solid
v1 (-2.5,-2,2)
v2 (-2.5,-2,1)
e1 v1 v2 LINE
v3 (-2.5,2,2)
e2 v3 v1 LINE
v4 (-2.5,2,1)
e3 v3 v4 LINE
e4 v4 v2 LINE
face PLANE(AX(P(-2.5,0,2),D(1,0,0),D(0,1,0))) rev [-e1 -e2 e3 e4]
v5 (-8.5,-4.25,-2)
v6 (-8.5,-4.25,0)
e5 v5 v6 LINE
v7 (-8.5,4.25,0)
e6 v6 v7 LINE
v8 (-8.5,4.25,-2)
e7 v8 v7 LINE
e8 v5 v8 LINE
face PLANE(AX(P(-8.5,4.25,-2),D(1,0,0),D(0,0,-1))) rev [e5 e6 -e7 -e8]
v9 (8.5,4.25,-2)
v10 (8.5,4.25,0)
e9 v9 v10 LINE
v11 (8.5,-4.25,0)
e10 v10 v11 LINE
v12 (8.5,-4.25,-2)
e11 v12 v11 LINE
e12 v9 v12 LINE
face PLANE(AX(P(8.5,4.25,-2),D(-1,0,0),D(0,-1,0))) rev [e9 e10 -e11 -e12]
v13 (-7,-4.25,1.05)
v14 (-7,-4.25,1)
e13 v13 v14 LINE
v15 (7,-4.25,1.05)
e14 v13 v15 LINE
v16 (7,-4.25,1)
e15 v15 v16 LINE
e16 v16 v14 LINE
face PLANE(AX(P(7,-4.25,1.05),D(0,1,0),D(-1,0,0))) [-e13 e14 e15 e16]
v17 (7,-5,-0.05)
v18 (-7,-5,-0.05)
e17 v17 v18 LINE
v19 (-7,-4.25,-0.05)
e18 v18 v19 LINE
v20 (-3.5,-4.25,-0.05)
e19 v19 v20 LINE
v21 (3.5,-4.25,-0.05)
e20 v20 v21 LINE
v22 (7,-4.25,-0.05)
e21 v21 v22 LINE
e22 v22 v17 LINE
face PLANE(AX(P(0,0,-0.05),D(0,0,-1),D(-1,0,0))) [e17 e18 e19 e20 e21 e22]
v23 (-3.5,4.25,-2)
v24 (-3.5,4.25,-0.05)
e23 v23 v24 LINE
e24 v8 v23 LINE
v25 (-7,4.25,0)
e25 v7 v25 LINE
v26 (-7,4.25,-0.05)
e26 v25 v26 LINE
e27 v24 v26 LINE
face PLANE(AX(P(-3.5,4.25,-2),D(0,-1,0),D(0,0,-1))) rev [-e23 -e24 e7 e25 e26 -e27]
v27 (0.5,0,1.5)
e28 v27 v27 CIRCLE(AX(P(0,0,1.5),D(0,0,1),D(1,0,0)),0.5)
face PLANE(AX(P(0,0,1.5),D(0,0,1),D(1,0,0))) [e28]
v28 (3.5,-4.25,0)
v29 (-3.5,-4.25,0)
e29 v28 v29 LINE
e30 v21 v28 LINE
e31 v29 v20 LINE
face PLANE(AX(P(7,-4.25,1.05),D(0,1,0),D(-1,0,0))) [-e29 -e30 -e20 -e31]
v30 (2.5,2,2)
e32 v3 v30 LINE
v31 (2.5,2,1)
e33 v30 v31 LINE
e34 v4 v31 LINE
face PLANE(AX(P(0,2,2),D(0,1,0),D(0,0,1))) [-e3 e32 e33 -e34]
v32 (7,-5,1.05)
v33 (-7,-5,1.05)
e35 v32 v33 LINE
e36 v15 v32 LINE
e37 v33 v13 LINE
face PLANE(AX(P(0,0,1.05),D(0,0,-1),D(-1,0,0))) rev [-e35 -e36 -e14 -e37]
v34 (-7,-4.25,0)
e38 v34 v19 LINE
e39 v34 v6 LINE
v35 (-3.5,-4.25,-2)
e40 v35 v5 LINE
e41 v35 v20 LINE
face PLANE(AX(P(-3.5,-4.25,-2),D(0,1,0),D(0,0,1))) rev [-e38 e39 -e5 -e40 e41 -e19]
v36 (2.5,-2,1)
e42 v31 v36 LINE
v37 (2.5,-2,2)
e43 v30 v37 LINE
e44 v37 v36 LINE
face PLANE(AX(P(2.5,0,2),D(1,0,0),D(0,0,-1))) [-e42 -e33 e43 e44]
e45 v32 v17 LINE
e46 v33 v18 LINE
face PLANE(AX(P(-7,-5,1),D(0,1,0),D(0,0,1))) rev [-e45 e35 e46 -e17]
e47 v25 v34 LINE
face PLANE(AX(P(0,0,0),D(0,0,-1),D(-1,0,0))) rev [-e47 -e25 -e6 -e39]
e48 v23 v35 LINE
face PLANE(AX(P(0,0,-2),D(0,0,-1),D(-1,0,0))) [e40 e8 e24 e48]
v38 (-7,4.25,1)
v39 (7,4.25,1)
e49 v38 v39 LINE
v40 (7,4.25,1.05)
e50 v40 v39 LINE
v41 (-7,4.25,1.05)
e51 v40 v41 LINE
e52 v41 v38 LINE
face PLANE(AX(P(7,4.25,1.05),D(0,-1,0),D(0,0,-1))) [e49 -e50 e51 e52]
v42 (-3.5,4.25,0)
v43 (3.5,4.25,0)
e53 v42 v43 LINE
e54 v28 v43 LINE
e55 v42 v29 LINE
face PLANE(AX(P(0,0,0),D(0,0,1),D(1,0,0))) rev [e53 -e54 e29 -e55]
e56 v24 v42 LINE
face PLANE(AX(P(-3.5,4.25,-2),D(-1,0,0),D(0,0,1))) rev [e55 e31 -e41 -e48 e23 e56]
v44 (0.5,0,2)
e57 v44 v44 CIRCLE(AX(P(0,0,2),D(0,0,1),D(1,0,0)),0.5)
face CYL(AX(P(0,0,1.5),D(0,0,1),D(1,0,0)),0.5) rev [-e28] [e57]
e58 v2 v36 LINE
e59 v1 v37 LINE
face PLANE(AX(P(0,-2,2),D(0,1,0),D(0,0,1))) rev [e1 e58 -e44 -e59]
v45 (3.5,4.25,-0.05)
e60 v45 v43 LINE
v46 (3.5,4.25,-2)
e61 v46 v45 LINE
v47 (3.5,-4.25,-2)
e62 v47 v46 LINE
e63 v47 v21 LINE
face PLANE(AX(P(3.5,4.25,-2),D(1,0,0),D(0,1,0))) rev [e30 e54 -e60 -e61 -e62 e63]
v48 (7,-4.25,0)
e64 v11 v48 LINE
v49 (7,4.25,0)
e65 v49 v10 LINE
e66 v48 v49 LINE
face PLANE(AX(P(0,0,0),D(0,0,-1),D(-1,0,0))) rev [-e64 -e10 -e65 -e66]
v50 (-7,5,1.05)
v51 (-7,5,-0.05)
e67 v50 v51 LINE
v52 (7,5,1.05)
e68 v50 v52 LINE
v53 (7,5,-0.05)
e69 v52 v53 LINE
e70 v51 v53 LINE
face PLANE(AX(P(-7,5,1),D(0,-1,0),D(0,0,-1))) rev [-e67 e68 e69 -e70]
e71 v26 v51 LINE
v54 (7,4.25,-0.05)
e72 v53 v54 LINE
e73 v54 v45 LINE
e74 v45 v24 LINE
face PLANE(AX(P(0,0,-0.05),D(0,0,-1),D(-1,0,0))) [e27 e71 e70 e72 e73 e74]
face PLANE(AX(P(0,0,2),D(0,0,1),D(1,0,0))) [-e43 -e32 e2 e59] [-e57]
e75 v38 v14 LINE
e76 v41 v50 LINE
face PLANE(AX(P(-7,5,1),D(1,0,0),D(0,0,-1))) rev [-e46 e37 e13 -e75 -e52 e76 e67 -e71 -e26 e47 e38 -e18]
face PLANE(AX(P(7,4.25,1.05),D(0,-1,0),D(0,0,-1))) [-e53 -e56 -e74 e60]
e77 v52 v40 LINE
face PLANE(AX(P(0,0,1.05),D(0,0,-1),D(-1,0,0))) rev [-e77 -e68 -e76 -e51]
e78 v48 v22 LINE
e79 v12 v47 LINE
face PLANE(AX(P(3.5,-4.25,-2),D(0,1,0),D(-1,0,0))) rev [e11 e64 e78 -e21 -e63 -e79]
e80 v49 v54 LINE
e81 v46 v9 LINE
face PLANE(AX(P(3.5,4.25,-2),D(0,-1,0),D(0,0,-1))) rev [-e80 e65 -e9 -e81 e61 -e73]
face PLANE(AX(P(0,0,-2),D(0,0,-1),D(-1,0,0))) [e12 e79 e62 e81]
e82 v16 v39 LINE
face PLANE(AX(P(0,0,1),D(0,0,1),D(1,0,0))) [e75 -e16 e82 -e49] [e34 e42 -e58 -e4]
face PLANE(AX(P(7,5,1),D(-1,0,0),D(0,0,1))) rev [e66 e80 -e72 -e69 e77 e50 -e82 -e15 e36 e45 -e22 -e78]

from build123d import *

# Parameters (mm, degrees)
SKETCH1_W                = 14
SKETCH1_H                = 10
BOSS_EXTRUDE1_DEPTH      = 1
SKETCH2_W                = 5
SKETCH2_H                = 4
BOSS_EXTRUDE3_DEPTH      = 1
SKETCH3_W                = 5
SKETCH3_H                = 8.5
BOSS_EXTRUDE4_DEPTH      = 2
SKETCH4_R                = 0.5
CUT_EXTRUDE1_DEPTH       = 0.5
BOSS_EXTRUDE5_DEPTH      = 0.05
BOSS_EXTRUDE5_DEPTH_BACK = 1.05
SKETCH5_W                = 14
SKETCH5_H                = 0.75


with BuildPart() as part:
    # Sketch1 → Boss-Extrude1 (new body)
    with BuildSketch(Plane.XY):
        Rectangle(SKETCH1_W, SKETCH1_H)
    extrude(amount=BOSS_EXTRUDE1_DEPTH)

    # Sketch2 → Boss-Extrude3 (add)
    with BuildSketch(Plane.XY.offset(1)):
        Rectangle(SKETCH2_W, SKETCH2_H)
    extrude(amount=BOSS_EXTRUDE3_DEPTH)

    # Sketch3 → Boss-Extrude4 (add)
    with BuildSketch(Plane(origin=(0, 0, 0), x_dir=(-1, 0, 0), z_dir=(0, 0, -1))):
        with Locations((6, 0)):
            Rectangle(SKETCH3_W, SKETCH3_H)
        with Locations((-6, 0)):
            Rectangle(SKETCH3_W, SKETCH3_H)
    extrude(amount=BOSS_EXTRUDE4_DEPTH)

    # Sketch4 → Cut-Extrude1 (cut)
    with BuildSketch(Plane.XY.offset(2)):
        Circle(SKETCH4_R)
    extrude(amount=-CUT_EXTRUDE1_DEPTH, mode=Mode.SUBTRACT)

    # Sketch5 → Boss-Extrude5 (add, two sides: drawn at the far end of the back side and taken through both)
    with BuildSketch(Plane(origin=(0, 0, 0), x_dir=(-1, 0, 0), z_dir=(0, 0, -1)).offset(-BOSS_EXTRUDE5_DEPTH_BACK)):
        with Locations((0, 4.625)):
            Rectangle(SKETCH5_W, SKETCH5_H)
        with Locations((0, -4.625)):
            Rectangle(SKETCH5_W, SKETCH5_H)
    extrude(amount=BOSS_EXTRUDE5_DEPTH + BOSS_EXTRUDE5_DEPTH_BACK)


solid = part.part
